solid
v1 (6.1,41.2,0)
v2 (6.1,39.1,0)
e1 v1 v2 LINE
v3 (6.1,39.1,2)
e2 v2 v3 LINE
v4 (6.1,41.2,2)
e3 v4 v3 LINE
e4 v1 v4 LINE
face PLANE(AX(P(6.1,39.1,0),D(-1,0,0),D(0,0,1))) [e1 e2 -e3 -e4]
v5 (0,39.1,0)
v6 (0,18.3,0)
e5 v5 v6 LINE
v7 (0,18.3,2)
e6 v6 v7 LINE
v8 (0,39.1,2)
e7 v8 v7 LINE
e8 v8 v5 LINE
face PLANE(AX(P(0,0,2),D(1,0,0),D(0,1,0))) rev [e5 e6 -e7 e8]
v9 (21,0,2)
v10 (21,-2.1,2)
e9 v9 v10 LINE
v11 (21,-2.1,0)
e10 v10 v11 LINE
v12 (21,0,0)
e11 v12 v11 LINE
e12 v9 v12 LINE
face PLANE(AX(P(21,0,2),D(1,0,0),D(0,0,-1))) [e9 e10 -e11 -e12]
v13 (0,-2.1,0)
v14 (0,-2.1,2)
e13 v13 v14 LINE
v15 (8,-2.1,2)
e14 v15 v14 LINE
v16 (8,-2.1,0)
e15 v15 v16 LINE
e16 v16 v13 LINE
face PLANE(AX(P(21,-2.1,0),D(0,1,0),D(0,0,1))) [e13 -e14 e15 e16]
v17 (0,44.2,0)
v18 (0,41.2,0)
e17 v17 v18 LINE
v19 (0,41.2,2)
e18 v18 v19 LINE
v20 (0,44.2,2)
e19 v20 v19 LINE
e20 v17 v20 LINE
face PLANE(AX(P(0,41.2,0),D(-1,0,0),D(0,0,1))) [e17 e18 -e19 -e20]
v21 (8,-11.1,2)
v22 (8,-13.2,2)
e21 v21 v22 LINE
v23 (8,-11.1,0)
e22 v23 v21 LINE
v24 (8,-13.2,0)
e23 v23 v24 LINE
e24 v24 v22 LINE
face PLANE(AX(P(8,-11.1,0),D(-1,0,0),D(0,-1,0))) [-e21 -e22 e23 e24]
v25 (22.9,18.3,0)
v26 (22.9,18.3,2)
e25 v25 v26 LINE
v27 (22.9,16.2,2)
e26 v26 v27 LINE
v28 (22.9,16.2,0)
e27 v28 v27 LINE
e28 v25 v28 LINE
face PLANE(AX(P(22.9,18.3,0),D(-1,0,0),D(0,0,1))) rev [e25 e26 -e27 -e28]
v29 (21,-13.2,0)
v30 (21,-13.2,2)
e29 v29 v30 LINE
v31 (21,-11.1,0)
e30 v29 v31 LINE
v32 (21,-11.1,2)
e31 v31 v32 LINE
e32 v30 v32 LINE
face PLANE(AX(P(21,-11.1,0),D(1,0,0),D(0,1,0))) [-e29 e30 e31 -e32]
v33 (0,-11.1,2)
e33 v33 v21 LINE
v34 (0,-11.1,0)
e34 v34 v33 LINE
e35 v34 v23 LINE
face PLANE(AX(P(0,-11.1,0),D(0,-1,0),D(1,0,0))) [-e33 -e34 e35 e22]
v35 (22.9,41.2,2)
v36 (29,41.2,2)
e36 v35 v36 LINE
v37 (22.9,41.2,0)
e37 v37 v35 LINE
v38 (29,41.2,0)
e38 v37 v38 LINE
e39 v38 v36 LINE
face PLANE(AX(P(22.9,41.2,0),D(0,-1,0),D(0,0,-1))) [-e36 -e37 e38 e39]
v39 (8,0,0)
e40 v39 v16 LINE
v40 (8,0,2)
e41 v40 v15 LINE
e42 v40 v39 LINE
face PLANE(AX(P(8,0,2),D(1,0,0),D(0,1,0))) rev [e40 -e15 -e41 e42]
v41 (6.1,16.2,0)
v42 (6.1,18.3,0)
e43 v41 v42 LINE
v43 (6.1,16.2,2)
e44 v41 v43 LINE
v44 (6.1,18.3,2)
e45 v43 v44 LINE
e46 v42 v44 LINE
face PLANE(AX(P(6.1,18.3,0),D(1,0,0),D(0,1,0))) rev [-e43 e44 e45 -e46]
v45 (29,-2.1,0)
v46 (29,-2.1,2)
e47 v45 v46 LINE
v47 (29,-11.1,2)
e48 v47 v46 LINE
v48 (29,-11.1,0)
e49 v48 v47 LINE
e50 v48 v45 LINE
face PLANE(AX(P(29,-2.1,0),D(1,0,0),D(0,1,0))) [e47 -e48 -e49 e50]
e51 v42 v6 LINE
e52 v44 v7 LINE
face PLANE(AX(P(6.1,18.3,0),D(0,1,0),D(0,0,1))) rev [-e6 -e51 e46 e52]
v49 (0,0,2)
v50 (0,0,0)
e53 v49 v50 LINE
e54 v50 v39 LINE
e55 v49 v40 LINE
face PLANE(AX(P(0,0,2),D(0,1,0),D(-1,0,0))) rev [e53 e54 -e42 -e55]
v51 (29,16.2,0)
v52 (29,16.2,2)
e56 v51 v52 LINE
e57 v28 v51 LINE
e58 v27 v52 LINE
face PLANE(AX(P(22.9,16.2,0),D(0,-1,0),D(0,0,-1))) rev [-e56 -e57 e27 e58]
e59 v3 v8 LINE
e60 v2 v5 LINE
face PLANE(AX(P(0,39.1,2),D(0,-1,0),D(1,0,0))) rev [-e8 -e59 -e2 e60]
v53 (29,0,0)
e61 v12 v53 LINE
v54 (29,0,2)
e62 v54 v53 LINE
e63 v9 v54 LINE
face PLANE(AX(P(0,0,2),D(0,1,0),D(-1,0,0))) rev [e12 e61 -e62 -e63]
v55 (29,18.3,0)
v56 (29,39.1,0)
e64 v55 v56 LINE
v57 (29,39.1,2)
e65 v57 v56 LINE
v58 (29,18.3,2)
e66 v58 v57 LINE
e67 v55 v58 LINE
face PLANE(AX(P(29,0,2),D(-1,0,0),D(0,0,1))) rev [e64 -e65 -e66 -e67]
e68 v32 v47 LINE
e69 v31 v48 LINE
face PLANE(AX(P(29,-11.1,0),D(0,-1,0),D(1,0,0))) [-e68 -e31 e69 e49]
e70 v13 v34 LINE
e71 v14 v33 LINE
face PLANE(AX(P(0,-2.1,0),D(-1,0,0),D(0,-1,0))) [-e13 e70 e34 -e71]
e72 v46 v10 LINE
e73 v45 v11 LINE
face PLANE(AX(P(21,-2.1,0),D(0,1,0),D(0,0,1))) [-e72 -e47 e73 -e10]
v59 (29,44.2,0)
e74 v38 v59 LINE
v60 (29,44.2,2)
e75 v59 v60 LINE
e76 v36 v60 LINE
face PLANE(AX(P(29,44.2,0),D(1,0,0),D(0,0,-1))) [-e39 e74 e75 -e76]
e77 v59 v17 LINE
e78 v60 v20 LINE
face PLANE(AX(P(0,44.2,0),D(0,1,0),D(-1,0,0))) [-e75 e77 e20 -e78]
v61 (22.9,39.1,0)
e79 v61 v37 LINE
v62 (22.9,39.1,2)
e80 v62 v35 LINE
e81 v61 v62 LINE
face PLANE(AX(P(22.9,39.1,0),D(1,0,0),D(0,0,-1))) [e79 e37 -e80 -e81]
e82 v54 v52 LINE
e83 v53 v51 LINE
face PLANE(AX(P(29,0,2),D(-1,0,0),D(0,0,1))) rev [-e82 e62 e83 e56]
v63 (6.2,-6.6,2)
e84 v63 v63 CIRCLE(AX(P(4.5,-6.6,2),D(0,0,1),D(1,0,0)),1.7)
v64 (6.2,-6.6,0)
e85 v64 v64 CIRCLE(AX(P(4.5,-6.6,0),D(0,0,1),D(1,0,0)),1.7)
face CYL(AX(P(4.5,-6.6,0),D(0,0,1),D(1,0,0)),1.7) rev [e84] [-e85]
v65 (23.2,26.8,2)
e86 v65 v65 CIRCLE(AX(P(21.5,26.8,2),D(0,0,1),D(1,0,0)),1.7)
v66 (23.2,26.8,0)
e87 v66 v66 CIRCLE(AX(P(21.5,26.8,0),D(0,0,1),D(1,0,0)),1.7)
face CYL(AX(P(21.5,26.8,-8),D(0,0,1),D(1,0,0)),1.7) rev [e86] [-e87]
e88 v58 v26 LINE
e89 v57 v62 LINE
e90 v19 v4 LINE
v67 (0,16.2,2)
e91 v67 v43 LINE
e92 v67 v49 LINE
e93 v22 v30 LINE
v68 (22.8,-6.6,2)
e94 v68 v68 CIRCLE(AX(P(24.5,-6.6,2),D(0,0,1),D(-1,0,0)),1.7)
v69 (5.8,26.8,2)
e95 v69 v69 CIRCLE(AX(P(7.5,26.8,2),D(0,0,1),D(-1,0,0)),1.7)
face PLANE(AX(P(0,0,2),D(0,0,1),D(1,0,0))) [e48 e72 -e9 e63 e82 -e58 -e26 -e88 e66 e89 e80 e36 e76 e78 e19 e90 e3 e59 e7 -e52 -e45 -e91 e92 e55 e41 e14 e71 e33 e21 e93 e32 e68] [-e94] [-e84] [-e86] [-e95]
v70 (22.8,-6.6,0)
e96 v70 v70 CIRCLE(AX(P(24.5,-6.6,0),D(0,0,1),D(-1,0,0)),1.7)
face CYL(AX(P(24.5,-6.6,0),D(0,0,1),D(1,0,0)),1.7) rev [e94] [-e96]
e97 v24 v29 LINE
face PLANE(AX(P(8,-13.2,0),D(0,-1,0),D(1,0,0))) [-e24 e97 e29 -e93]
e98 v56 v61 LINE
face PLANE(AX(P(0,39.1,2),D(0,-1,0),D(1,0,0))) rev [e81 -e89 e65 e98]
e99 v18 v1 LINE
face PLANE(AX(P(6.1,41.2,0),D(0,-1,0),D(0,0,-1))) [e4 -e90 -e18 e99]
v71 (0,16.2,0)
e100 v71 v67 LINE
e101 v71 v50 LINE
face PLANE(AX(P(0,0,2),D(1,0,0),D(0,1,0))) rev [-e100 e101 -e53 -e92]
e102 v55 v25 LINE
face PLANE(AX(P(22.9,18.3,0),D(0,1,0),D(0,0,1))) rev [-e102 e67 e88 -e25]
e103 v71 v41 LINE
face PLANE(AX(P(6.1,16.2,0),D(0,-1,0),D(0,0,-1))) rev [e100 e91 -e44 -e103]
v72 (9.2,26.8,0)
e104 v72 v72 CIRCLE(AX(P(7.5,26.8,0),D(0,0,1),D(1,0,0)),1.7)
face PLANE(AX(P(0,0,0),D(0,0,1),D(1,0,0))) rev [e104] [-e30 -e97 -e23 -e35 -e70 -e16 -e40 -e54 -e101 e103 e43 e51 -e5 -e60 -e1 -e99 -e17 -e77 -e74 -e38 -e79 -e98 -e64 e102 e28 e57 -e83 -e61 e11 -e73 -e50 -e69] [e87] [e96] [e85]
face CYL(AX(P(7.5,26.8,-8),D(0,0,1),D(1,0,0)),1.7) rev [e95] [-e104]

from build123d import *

# Parameters (mm, degrees)
SKETCH_1_W          = 13
SKETCH_1_H          = 2.1
SKETCH_1_W_2        = 8
EXTRUDE_3_DEPTH     = 2
SKETCH_2_W          = 6.1
SKETCH_2_H          = 2.1
CUT_EXTRUDE_1_DEPTH = 2
SKETCH_12_W         = 13
SKETCH_12_H         = 2.1
EXTRUDE_9_DEPTH     = 2
SKETCH_13_R         = 1.7
EXTRUDE_10_DEPTH    = 2
SKETCH_3_W          = 16.8
SKETCH_3_H          = 2.1
EXTRUDE_4_DEPTH     = 2
SKETCH_8_R          = 1.7
CUT_EXTRUDE_4_DEPTH = 10
SKETCH_9_W          = 16.8
SKETCH_9_H          = 2.1
CUT_EXTRUDE_5_DEPTH = 10
EXTRUDE_11_DEPTH    = 2


with BuildPart() as part:
    # 草图1 → 凸台-拉伸3 (new body)
    with BuildSketch(Plane.XY):
        Polygon((0, 39.1), (0, 11.1), (8, 11.1), (21, 11.1), (29, 11.1), (29, 39.1), align=None)
        with Locations((14.5, -1.05)):
            Rectangle(SKETCH_1_W, SKETCH_1_H)
        Polygon((0, 9), (0, 0), (8, 0), (21, 0), (29, 0), (29, 9), (21, 9), (8, 9), align=None)
        with Locations((25, 10.05)):
            Rectangle(SKETCH_1_W_2, SKETCH_1_H)
        with Locations((4, 10.05)):
            Rectangle(SKETCH_1_W_2, SKETCH_1_H)
    extrude(amount=EXTRUDE_3_DEPTH)

    # 草图2 → 切除-拉伸1 (cut)
    with BuildSketch(Plane.XY.offset(2)):
        with Locations((3.05, 17.25)):
            Rectangle(SKETCH_2_W, SKETCH_2_H)
        with Locations((25.95, 17.25)):
            Rectangle(SKETCH_2_W, SKETCH_2_H)
    extrude(amount=-CUT_EXTRUDE_1_DEPTH, mode=Mode.SUBTRACT)

    # 草图12 → 凸台-拉伸9 (add)
    with BuildSketch(Plane.XY.offset(2)):
        with Locations((14.5, 10.05)):
            Rectangle(SKETCH_12_W, SKETCH_12_H)
    extrude(amount=-EXTRUDE_9_DEPTH)

    # 草图13 → 凸台-拉伸10 (add)
    with BuildSketch(Plane.XY.offset(2)):
        Polygon((8, -2.1), (0, -2.1), (0, -11.1), (8, -11.1), (8, -13.2), (21, -13.2), (21, -11.1), (29, -11.1), (29, -2.1), (21, -2.1), align=None)
        with Locations((4.5, -6.6)):
            Circle(SKETCH_13_R, mode=Mode.SUBTRACT)
        with Locations(Location((24.5, -6.6, 0), (0, 0, 180))):
            Circle(SKETCH_13_R, mode=Mode.SUBTRACT)
    extrude(amount=-EXTRUDE_10_DEPTH)

    # 草图3 → 凸台-拉伸4 (add)
    with BuildSketch(Plane.XY.offset(2)):
        with Locations((14.5, 40.15)):
            Rectangle(SKETCH_3_W, SKETCH_3_H)
    extrude(amount=-EXTRUDE_4_DEPTH)

    # 草图8 → 切除-拉伸4 (cut)
    with BuildSketch(Plane.XY.offset(2)):
        with Locations((21.5, 26.8)):
            Circle(SKETCH_8_R)
        with Locations((7.5, 26.8)):
            Circle(SKETCH_8_R)
    extrude(amount=-CUT_EXTRUDE_4_DEPTH, mode=Mode.SUBTRACT)

    # 草图9 → 切除-拉伸5 (cut)
    with BuildSketch(Plane.XY.offset(2)):
        with Locations((14.5, 40.15)):
            Rectangle(SKETCH_9_W, SKETCH_9_H)
    extrude(amount=-CUT_EXTRUDE_5_DEPTH, mode=Mode.SUBTRACT)

    # 草图11 → 凸台-拉伸11 (add)
    with BuildSketch(Plane.XY.offset(2)):
        Polygon((6.1, 39.1), (6.1, 41.2), (0, 41.2), (0, 44.2), (29, 44.2), (29, 41.2), (22.9, 41.2), (22.9, 39.1), align=None)
    extrude(amount=-EXTRUDE_11_DEPTH)


solid = part.part
